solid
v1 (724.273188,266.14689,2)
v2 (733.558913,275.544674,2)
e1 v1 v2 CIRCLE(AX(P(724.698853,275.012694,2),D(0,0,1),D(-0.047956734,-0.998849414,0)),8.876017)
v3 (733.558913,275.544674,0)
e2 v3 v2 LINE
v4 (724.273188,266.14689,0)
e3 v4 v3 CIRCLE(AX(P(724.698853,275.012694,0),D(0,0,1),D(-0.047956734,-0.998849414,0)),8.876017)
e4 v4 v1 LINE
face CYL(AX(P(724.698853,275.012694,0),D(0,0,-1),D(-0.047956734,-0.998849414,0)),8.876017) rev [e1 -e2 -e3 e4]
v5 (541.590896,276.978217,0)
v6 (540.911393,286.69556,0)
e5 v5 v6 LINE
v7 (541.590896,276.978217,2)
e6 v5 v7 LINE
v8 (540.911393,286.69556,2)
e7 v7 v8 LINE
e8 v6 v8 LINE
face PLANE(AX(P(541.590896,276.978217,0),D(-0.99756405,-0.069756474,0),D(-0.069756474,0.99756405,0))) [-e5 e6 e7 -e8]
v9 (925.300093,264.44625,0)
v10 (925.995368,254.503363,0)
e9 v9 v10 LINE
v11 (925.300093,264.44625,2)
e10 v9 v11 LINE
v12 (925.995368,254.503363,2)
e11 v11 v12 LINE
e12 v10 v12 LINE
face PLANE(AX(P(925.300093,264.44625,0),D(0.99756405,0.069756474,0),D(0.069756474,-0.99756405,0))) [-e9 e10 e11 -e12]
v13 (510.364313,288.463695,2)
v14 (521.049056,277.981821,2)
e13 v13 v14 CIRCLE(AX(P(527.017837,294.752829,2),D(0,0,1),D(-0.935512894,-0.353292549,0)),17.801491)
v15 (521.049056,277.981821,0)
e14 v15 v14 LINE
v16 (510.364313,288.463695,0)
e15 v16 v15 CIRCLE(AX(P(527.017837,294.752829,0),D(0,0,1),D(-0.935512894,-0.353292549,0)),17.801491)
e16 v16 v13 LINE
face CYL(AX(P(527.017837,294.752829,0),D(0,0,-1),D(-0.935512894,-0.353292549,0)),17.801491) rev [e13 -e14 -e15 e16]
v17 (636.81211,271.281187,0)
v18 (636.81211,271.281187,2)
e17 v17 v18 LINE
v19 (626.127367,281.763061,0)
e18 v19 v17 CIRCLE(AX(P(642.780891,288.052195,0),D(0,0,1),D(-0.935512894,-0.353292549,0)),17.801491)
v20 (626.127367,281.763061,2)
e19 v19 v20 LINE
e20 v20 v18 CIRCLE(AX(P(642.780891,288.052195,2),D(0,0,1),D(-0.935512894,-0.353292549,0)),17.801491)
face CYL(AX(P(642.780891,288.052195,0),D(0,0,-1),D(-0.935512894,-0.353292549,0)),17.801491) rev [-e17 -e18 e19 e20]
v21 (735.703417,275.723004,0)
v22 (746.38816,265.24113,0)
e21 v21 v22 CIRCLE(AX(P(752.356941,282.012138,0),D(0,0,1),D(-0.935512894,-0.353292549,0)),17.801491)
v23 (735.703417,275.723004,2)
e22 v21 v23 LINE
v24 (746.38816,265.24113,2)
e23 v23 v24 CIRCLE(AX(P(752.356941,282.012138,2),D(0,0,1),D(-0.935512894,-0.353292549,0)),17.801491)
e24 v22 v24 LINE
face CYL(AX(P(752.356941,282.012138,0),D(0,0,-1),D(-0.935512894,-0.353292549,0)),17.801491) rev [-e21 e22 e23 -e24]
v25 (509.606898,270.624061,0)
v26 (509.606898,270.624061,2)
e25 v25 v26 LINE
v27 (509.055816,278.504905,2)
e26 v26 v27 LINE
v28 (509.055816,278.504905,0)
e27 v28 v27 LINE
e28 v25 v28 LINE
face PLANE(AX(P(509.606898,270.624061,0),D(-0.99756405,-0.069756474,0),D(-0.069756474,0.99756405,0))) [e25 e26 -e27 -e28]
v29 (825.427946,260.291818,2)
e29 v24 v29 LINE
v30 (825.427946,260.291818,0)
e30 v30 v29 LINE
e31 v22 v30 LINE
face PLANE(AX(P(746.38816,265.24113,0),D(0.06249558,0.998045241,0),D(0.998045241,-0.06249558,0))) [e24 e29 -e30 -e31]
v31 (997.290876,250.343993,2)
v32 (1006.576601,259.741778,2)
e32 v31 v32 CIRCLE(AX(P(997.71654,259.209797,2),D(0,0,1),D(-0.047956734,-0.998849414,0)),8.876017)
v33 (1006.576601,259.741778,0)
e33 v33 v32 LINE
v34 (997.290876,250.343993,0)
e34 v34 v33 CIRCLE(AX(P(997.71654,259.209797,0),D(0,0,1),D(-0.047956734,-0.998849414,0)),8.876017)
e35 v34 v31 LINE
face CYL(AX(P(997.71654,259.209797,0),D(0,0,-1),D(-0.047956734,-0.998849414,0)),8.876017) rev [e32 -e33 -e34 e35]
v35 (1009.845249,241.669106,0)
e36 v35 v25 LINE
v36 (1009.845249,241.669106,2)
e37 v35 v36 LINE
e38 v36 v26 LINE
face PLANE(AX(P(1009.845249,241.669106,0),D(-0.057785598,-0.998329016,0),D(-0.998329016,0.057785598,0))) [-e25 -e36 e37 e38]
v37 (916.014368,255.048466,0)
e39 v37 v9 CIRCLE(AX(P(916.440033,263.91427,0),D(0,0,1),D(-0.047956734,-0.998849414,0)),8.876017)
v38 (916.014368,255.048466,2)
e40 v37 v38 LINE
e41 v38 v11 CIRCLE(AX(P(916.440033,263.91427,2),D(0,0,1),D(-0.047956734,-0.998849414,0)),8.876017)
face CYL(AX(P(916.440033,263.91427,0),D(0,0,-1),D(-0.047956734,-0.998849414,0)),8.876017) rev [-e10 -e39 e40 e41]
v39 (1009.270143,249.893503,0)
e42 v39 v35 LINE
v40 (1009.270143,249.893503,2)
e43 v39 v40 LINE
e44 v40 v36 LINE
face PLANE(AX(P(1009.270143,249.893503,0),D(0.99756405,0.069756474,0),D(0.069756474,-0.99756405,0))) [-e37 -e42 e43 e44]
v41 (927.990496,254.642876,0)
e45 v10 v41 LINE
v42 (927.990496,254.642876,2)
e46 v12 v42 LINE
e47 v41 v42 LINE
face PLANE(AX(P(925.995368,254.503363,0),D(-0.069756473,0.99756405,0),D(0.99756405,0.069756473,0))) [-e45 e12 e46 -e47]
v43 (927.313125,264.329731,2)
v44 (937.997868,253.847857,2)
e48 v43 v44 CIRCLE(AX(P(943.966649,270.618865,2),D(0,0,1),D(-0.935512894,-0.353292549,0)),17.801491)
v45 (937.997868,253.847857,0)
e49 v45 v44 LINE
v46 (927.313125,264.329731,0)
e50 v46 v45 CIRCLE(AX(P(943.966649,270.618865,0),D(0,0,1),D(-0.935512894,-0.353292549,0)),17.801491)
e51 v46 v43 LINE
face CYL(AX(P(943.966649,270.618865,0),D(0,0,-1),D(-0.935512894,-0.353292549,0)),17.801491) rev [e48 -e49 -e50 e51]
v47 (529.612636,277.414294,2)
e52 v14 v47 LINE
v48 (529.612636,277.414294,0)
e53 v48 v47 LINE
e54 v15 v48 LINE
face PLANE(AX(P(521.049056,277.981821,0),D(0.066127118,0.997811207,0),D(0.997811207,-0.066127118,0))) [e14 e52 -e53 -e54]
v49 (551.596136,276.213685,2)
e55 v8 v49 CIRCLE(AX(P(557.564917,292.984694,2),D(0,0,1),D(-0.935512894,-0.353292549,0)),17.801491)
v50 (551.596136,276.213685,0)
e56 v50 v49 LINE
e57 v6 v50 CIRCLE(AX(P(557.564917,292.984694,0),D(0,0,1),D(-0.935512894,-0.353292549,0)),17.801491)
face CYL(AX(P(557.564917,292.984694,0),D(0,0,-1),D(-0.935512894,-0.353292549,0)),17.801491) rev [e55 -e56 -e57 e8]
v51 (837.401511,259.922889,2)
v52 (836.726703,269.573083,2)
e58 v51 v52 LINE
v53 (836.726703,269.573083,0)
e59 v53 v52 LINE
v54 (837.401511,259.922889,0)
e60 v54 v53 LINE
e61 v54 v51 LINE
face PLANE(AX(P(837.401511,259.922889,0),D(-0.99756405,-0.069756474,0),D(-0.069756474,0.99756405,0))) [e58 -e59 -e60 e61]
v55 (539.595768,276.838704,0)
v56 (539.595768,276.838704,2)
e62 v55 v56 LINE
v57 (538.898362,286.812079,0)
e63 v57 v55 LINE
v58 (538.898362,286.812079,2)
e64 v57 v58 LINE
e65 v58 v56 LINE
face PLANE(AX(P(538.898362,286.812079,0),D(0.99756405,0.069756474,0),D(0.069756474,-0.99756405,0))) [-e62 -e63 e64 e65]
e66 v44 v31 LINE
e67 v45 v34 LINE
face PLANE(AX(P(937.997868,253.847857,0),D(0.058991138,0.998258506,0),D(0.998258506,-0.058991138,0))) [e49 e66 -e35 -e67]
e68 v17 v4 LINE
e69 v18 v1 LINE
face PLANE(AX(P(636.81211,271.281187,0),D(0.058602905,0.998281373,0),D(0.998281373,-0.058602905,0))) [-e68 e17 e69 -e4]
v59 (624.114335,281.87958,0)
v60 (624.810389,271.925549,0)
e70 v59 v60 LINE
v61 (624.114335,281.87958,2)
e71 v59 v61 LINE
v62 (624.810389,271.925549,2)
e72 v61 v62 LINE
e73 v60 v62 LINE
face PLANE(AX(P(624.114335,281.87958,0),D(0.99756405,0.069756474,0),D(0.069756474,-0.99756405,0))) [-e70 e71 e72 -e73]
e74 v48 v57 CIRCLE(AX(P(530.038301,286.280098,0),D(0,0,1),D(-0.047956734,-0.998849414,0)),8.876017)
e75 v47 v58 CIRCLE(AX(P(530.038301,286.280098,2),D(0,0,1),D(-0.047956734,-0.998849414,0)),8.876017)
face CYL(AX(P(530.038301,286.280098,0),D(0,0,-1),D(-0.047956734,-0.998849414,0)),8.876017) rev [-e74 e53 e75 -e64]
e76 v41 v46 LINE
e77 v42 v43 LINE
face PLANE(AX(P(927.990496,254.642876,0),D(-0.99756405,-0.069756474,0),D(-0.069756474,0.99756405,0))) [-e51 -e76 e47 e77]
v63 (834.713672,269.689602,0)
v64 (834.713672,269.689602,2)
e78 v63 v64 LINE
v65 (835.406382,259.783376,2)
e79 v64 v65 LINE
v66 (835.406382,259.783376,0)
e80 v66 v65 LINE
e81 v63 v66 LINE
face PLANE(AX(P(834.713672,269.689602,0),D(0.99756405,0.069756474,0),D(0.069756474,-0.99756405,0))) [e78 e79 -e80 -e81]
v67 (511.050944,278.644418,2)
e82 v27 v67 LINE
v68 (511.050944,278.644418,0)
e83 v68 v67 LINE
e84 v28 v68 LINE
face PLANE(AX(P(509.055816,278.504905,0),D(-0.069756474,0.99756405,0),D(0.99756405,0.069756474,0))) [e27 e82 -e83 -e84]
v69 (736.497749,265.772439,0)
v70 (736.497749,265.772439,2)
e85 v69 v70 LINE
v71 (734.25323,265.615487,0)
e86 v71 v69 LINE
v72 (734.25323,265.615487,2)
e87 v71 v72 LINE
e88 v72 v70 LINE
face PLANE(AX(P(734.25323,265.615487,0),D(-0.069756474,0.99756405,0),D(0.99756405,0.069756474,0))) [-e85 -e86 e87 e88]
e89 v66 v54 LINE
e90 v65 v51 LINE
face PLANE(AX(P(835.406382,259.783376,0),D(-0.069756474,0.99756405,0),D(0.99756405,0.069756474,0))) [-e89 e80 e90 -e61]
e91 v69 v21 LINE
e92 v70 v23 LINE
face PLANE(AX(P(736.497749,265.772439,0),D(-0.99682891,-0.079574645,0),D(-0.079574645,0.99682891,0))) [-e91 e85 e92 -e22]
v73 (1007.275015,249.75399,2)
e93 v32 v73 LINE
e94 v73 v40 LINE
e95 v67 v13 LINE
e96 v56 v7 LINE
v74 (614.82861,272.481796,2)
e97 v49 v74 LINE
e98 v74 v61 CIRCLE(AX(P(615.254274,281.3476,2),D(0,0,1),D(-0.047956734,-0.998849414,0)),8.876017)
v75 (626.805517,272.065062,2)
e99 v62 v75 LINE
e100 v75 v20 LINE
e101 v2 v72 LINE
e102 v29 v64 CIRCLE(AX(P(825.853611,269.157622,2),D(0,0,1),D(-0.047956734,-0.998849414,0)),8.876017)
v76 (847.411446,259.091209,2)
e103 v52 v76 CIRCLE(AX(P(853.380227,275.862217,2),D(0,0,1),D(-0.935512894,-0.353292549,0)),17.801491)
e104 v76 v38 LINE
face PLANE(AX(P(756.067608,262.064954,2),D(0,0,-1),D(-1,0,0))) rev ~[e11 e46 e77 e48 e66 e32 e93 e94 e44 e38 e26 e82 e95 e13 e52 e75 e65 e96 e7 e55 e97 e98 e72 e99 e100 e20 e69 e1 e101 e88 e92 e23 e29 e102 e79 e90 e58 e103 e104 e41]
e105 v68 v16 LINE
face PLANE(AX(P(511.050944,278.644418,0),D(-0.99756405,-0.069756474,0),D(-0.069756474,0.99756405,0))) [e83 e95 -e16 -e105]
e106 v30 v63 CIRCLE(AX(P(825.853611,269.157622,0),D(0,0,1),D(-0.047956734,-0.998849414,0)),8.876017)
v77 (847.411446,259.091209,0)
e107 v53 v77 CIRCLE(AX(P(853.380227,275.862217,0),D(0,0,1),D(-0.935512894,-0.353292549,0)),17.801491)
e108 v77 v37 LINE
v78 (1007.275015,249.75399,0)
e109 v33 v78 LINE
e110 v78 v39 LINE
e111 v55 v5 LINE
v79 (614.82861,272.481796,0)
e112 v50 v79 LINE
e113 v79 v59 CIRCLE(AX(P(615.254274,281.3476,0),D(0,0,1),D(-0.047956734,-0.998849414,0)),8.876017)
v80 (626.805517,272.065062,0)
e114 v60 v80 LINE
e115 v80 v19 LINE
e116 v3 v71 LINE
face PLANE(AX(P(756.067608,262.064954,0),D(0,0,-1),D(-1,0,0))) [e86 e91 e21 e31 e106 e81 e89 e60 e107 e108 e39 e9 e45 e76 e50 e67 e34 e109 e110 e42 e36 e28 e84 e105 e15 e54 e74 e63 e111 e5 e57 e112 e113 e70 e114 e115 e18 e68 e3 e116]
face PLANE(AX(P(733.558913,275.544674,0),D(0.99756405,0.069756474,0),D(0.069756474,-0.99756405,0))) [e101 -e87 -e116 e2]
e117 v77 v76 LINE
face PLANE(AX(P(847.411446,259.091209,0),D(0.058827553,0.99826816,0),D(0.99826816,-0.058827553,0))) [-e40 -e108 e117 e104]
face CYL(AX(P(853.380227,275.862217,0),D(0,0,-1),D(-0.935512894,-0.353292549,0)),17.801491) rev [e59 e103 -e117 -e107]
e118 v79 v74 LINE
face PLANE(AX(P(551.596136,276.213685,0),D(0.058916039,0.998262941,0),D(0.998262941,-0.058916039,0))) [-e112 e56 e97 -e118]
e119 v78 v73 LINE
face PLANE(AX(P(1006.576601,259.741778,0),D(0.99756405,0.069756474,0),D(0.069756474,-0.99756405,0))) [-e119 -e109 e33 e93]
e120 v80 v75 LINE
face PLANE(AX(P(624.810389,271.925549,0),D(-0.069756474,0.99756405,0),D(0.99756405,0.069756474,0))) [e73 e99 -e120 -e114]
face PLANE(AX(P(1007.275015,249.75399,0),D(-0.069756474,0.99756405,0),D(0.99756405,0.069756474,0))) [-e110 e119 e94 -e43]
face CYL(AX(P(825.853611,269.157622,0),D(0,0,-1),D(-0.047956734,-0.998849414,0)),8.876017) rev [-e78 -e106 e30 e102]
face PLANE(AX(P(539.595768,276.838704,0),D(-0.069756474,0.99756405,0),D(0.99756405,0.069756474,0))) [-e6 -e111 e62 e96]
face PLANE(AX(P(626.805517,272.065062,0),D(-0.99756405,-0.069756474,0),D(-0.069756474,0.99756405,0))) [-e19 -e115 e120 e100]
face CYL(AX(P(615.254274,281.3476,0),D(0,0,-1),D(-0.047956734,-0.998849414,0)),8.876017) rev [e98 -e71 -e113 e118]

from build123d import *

# Parameters (mm, degrees)
EXTRUDE_3_DEPTH = 2


with BuildPart() as part:
    # Model → 凸台-拉伸3 (new body)
    with BuildSketch(Plane.XY):
        with BuildLine():
            Line((1009.845249225, 241.66910569), (509.606898133, 270.624061445))
            Line((509.606898133, 270.624061445), (509.055815885, 278.504904753))
            Line((509.055815885, 278.504904753), (511.050943986, 278.644417701))
            Line((511.050943986, 278.644417701), (510.3643132, 288.463695413))
            ThreePointArc((510.3643132, 288.463695413), (514.551498743, 282.04521462), (521.049056082, 277.981821077))
            Line((521.049056082, 277.981821077), (529.612636251, 277.414294002))
            ThreePointArc((529.612636251, 277.414294002), (536.352122923, 280.041562425), (538.898361675, 286.81207852))
            Line((538.898361675, 286.81207852), (539.595767949, 276.838704152))
            Line((539.595767949, 276.838704152), (541.59089605, 276.9782171))
            Line((541.59089605, 276.9782171), (540.911393269, 286.695559583))
            ThreePointArc((540.911393269, 286.695559583), (545.098578813, 280.277078791), (551.596136152, 276.213685247))
            Line((551.596136152, 276.213685247), (614.828609691, 272.481795853))
            ThreePointArc((614.828609691, 272.481795853), (621.568096364, 275.109064276), (624.114335116, 281.879580371))
            Line((624.114335116, 281.879580371), (624.810388767, 271.925549415))
            Line((624.810388767, 271.925549415), (626.805516867, 272.065062362))
            Line((626.805516867, 272.065062362), (626.12736671, 281.763061435))
            ThreePointArc((626.12736671, 281.763061435), (630.314552254, 275.344580642), (636.812109593, 271.281187098))
            Line((636.812109593, 271.281187098), (724.273187857, 266.14688988))
            ThreePointArc((724.273187857, 266.14688988), (731.01267453, 268.774158303), (733.558913282, 275.544674398))
            Line((733.558913282, 275.544674398), (734.253229731, 265.615486571))
            Line((734.253229731, 265.615486571), (736.497748845, 265.772438637))
            Line((736.497748845, 265.772438637), (735.70341722, 275.723004212))
            ThreePointArc((735.70341722, 275.723004212), (739.890602764, 269.304523419), (746.388160103, 265.241129876))
            Line((746.388160103, 265.241129876), (825.427946193, 260.291817902))
            ThreePointArc((825.427946193, 260.291817902), (832.167432866, 262.919086324), (834.713671617, 269.689602419))
            Line((834.713671617, 269.689602419), (835.40638245, 259.783375993))
            Line((835.40638245, 259.783375993), (837.40151055, 259.92288894))
            Line((837.40151055, 259.92288894), (836.726703211, 269.573083483))
            ThreePointArc((836.726703211, 269.573083483), (840.913888755, 263.15460269), (847.411446094, 259.091209147))
            Line((847.411446094, 259.091209147), (916.01436792, 255.048465753))
            ThreePointArc((916.01436792, 255.048465753), (922.753854593, 257.675734175), (925.300093345, 264.446250271))
            Line((925.300093345, 264.446250271), (925.995367783, 254.503362568))
            Line((925.995367783, 254.503362568), (927.990495884, 254.642875515))
            Line((927.990495884, 254.642875515), (927.313124938, 264.329731334))
            ThreePointArc((927.313124938, 264.329731334), (931.500310482, 257.911250542), (937.997867821, 253.847856998))
            Line((937.997867821, 253.847856998), (997.290875679, 250.343993013))
            ThreePointArc((997.290875679, 250.343993013), (1004.030362352, 252.971261436), (1006.576601104, 259.741777531))
            Line((1006.576601104, 259.741777531), (1007.275015261, 249.753989767))
            Line((1007.275015261, 249.753989767), (1009.270143361, 249.893502714))
            Line((1009.270143361, 249.893502714), (1009.845249225, 241.66910569))
        make_face()
    extrude(amount=EXTRUDE_3_DEPTH)


solid = part.part
